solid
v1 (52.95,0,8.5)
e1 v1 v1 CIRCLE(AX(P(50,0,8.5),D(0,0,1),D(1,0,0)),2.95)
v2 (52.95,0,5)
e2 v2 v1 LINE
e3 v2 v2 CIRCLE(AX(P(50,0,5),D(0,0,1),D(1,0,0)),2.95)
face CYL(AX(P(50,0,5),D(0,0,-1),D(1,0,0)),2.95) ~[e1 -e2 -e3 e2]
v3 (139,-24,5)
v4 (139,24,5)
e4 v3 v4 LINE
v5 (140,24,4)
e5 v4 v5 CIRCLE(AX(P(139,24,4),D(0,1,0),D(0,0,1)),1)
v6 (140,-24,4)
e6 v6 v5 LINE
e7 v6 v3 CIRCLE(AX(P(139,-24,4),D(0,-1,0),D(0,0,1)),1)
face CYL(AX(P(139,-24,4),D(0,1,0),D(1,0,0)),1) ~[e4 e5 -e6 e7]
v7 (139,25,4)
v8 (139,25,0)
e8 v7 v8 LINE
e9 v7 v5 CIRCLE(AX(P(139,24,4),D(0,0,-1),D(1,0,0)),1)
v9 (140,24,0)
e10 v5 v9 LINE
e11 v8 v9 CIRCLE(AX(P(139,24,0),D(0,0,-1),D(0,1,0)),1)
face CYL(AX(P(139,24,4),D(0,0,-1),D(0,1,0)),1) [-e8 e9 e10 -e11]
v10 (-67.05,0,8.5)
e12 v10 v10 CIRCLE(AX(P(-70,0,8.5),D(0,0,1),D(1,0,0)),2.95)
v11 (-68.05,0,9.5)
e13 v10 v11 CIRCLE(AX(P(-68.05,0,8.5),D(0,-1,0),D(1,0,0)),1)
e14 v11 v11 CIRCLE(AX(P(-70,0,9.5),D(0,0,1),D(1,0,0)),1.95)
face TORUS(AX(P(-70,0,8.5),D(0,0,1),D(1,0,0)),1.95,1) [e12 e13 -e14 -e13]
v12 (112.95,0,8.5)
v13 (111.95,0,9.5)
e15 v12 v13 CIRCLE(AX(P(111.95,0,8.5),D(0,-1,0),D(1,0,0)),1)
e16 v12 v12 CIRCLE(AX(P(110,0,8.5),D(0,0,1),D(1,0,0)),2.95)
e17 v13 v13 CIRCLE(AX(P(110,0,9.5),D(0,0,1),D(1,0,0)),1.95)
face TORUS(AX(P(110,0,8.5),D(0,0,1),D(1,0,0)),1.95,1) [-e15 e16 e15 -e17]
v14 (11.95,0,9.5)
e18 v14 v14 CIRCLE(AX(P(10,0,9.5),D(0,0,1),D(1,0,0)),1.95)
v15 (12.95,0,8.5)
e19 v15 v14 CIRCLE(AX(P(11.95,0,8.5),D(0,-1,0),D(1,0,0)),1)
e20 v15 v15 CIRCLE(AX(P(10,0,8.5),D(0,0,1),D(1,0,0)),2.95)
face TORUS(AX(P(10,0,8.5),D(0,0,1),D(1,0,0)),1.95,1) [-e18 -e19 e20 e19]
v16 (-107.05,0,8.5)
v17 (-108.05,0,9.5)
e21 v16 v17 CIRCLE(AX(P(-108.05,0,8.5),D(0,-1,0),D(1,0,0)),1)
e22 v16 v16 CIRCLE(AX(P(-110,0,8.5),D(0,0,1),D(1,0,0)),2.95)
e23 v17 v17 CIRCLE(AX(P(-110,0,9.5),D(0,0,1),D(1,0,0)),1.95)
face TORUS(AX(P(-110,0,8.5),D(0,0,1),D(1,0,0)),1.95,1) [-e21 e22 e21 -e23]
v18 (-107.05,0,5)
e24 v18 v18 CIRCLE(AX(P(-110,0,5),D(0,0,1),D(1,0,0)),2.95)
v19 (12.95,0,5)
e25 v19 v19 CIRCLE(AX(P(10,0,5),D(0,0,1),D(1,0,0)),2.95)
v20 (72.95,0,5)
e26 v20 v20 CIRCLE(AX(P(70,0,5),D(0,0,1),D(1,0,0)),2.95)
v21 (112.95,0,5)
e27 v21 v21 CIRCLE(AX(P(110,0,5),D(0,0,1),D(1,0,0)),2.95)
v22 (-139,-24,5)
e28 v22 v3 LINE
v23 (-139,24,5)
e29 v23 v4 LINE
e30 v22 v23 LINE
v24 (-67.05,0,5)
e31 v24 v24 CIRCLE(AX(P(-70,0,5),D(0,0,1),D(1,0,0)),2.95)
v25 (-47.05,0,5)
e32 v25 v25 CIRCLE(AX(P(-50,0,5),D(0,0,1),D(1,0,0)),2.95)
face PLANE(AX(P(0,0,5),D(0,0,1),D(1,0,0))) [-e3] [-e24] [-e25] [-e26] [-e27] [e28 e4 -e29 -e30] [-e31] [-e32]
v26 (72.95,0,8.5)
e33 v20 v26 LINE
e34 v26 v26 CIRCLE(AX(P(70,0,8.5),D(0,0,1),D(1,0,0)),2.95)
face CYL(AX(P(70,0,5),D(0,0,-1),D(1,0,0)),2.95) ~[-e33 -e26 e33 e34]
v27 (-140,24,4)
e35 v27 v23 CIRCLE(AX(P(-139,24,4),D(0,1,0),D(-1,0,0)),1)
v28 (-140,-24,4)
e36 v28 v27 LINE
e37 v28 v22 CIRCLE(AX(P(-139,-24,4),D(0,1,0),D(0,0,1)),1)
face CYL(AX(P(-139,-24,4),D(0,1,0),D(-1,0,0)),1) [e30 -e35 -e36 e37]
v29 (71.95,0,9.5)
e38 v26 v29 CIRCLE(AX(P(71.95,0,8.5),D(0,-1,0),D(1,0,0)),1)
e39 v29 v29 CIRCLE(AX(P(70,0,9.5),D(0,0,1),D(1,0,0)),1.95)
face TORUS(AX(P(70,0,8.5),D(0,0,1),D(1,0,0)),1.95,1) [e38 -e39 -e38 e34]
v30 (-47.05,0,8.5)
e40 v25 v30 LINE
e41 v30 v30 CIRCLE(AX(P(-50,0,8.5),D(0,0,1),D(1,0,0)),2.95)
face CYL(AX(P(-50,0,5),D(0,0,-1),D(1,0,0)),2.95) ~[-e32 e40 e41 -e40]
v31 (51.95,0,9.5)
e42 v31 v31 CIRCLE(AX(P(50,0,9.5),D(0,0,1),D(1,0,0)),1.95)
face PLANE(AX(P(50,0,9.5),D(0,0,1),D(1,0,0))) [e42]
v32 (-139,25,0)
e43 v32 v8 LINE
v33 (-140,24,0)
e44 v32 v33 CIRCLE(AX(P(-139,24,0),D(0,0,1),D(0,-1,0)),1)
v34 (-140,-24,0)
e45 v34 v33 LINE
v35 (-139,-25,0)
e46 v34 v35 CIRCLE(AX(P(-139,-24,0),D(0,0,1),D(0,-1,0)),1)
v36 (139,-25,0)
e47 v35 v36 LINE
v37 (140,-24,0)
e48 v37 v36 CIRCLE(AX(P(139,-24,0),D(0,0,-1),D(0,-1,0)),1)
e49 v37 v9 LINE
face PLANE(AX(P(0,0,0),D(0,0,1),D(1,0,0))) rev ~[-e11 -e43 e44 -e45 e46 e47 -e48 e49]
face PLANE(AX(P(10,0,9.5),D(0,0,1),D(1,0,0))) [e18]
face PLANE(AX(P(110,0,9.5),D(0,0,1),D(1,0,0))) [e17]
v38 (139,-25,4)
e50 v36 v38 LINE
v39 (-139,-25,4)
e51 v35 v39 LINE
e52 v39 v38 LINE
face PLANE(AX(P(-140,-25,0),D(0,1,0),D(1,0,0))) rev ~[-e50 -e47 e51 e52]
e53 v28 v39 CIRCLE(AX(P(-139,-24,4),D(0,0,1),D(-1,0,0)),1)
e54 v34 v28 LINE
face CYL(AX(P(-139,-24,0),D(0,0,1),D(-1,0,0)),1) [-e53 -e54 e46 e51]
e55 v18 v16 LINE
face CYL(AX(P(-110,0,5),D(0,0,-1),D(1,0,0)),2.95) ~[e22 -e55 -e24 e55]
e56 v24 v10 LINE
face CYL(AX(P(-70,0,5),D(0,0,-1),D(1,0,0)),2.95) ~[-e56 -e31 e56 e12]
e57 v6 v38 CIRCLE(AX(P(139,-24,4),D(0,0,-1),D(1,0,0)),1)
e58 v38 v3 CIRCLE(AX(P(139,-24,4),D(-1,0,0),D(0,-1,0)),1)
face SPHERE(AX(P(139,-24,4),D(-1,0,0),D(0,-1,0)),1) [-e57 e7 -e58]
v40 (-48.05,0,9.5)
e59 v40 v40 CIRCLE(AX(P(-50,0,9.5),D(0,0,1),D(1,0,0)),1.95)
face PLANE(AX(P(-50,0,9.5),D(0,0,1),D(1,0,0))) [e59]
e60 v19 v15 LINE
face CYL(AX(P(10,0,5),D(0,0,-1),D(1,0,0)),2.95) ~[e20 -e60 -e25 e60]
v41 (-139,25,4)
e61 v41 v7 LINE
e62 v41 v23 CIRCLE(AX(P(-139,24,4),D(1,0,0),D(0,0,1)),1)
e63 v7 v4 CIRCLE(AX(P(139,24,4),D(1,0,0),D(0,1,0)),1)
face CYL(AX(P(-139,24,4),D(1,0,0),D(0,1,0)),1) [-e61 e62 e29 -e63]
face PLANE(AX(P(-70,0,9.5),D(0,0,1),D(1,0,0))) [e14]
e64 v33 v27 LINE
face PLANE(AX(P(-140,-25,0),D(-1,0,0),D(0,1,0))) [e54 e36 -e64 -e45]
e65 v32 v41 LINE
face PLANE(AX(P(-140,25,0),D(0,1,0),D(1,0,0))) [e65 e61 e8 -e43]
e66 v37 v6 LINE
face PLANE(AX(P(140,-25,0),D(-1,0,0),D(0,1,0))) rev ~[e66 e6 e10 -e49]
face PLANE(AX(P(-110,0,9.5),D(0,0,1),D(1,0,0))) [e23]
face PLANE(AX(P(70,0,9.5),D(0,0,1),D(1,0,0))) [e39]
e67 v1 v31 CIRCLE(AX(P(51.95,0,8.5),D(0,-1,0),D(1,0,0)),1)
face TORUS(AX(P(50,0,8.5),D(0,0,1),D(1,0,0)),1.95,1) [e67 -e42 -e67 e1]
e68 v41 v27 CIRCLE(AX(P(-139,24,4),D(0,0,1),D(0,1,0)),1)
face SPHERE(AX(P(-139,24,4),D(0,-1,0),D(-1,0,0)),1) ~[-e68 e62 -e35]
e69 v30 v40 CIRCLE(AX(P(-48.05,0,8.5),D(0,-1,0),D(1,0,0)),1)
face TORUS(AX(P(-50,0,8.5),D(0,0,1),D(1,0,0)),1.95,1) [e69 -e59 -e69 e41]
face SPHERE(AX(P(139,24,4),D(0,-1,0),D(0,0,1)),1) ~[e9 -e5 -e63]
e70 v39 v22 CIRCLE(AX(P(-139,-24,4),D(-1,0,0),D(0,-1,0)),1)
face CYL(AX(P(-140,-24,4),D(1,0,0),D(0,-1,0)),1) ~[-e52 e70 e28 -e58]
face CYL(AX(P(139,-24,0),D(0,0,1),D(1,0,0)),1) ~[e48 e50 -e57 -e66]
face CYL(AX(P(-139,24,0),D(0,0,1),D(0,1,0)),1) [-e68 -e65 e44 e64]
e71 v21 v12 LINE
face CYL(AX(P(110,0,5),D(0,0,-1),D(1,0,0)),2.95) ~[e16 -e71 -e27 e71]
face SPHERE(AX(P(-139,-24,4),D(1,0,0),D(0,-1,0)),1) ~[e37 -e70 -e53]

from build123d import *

# Parameters (mm, degrees)
SKETCH_W     = 280
SKETCH_H     = 50
PAD_DEPTH    = 5
FILLET_R     = 1
FILLET001_R  = 1
FILLET002_R  = 1
FILLET003_R  = 1
SKETCH001_R  = 2.95
PAD001_DEPTH = 4.5
FILLET004_R  = 1
FILLET005_R  = 1
FILLET006_R  = 1
FILLET007_R  = 1
FILLET008_R  = 1
FILLET009_R  = 1
FILLET010_R  = 1


with BuildPart() as part:
    # Sketch → Pad (new body)
    with BuildSketch(Plane.XY):
        Rectangle(SKETCH_W, SKETCH_H)
    extrude(amount=PAD_DEPTH)

    # Fillet
    fillet_edges = [part.edges().sort_by_distance(p)[0] for p in [
        (0, -25, 5),
    ]]
    fillet(fillet_edges, radius=FILLET_R)

    # Fillet001
    fillet001_edges = [part.edges().sort_by_distance(p)[0] for p in [
        (-140, 0.5, 5),
    ]]
    fillet(fillet001_edges, radius=FILLET001_R)

    # Fillet002
    fillet002_edges = [part.edges().sort_by_distance(p)[0] for p in [
        (140, 0.5, 5),
    ]]
    fillet(fillet002_edges, radius=FILLET002_R)

    # Fillet003
    fillet003_edges = [part.edges().sort_by_distance(p)[0] for p in [
        (0, 25, 5),
    ]]
    fillet(fillet003_edges, radius=FILLET003_R)

    # Sketch001 (on Face18 of Fillet003) → Pad001 (join)
    with BuildSketch(Plane.XY.offset(5)):
        with Locations((10, 0)):
            Circle(SKETCH001_R)
        with Locations((50, 0)):
            Circle(SKETCH001_R)
        with Locations((110, 0)):
            Circle(SKETCH001_R)
        with Locations((70, 0)):
            Circle(SKETCH001_R)
        with Locations((-50, 0)):
            Circle(SKETCH001_R)
        with Locations((-70, 0)):
            Circle(SKETCH001_R)
        with Locations((-110, 0)):
            Circle(SKETCH001_R)
    extrude(amount=PAD001_DEPTH)

    # Fillet004
    fillet004_edges = [part.edges().sort_by_distance(p)[0] for p in [
        (-112.95, 0, 9.5),
    ]]
    fillet(fillet004_edges, radius=FILLET004_R)

    # Fillet005
    fillet005_edges = [part.edges().sort_by_distance(p)[0] for p in [
        (-72.95, 0, 9.5),
    ]]
    fillet(fillet005_edges, radius=FILLET005_R)

    # Fillet006
    fillet006_edges = [part.edges().sort_by_distance(p)[0] for p in [
        (-52.95, 0, 9.5),
    ]]
    fillet(fillet006_edges, radius=FILLET006_R)

    # Fillet007
    fillet007_edges = [part.edges().sort_by_distance(p)[0] for p in [
        (7.05, 0, 9.5),
    ]]
    fillet(fillet007_edges, radius=FILLET007_R)

    # Fillet008
    fillet008_edges = [part.edges().sort_by_distance(p)[0] for p in [
        (47.05, 0, 9.5),
    ]]
    fillet(fillet008_edges, radius=FILLET008_R)

    # Fillet009
    fillet009_edges = [part.edges().sort_by_distance(p)[0] for p in [
        (67.05, 0, 9.5),
    ]]
    fillet(fillet009_edges, radius=FILLET009_R)

    # Fillet010
    fillet010_edges = [part.edges().sort_by_distance(p)[0] for p in [
        (107.05, 0, 9.5),
    ]]
    fillet(fillet010_edges, radius=FILLET010_R)


solid = part.part
